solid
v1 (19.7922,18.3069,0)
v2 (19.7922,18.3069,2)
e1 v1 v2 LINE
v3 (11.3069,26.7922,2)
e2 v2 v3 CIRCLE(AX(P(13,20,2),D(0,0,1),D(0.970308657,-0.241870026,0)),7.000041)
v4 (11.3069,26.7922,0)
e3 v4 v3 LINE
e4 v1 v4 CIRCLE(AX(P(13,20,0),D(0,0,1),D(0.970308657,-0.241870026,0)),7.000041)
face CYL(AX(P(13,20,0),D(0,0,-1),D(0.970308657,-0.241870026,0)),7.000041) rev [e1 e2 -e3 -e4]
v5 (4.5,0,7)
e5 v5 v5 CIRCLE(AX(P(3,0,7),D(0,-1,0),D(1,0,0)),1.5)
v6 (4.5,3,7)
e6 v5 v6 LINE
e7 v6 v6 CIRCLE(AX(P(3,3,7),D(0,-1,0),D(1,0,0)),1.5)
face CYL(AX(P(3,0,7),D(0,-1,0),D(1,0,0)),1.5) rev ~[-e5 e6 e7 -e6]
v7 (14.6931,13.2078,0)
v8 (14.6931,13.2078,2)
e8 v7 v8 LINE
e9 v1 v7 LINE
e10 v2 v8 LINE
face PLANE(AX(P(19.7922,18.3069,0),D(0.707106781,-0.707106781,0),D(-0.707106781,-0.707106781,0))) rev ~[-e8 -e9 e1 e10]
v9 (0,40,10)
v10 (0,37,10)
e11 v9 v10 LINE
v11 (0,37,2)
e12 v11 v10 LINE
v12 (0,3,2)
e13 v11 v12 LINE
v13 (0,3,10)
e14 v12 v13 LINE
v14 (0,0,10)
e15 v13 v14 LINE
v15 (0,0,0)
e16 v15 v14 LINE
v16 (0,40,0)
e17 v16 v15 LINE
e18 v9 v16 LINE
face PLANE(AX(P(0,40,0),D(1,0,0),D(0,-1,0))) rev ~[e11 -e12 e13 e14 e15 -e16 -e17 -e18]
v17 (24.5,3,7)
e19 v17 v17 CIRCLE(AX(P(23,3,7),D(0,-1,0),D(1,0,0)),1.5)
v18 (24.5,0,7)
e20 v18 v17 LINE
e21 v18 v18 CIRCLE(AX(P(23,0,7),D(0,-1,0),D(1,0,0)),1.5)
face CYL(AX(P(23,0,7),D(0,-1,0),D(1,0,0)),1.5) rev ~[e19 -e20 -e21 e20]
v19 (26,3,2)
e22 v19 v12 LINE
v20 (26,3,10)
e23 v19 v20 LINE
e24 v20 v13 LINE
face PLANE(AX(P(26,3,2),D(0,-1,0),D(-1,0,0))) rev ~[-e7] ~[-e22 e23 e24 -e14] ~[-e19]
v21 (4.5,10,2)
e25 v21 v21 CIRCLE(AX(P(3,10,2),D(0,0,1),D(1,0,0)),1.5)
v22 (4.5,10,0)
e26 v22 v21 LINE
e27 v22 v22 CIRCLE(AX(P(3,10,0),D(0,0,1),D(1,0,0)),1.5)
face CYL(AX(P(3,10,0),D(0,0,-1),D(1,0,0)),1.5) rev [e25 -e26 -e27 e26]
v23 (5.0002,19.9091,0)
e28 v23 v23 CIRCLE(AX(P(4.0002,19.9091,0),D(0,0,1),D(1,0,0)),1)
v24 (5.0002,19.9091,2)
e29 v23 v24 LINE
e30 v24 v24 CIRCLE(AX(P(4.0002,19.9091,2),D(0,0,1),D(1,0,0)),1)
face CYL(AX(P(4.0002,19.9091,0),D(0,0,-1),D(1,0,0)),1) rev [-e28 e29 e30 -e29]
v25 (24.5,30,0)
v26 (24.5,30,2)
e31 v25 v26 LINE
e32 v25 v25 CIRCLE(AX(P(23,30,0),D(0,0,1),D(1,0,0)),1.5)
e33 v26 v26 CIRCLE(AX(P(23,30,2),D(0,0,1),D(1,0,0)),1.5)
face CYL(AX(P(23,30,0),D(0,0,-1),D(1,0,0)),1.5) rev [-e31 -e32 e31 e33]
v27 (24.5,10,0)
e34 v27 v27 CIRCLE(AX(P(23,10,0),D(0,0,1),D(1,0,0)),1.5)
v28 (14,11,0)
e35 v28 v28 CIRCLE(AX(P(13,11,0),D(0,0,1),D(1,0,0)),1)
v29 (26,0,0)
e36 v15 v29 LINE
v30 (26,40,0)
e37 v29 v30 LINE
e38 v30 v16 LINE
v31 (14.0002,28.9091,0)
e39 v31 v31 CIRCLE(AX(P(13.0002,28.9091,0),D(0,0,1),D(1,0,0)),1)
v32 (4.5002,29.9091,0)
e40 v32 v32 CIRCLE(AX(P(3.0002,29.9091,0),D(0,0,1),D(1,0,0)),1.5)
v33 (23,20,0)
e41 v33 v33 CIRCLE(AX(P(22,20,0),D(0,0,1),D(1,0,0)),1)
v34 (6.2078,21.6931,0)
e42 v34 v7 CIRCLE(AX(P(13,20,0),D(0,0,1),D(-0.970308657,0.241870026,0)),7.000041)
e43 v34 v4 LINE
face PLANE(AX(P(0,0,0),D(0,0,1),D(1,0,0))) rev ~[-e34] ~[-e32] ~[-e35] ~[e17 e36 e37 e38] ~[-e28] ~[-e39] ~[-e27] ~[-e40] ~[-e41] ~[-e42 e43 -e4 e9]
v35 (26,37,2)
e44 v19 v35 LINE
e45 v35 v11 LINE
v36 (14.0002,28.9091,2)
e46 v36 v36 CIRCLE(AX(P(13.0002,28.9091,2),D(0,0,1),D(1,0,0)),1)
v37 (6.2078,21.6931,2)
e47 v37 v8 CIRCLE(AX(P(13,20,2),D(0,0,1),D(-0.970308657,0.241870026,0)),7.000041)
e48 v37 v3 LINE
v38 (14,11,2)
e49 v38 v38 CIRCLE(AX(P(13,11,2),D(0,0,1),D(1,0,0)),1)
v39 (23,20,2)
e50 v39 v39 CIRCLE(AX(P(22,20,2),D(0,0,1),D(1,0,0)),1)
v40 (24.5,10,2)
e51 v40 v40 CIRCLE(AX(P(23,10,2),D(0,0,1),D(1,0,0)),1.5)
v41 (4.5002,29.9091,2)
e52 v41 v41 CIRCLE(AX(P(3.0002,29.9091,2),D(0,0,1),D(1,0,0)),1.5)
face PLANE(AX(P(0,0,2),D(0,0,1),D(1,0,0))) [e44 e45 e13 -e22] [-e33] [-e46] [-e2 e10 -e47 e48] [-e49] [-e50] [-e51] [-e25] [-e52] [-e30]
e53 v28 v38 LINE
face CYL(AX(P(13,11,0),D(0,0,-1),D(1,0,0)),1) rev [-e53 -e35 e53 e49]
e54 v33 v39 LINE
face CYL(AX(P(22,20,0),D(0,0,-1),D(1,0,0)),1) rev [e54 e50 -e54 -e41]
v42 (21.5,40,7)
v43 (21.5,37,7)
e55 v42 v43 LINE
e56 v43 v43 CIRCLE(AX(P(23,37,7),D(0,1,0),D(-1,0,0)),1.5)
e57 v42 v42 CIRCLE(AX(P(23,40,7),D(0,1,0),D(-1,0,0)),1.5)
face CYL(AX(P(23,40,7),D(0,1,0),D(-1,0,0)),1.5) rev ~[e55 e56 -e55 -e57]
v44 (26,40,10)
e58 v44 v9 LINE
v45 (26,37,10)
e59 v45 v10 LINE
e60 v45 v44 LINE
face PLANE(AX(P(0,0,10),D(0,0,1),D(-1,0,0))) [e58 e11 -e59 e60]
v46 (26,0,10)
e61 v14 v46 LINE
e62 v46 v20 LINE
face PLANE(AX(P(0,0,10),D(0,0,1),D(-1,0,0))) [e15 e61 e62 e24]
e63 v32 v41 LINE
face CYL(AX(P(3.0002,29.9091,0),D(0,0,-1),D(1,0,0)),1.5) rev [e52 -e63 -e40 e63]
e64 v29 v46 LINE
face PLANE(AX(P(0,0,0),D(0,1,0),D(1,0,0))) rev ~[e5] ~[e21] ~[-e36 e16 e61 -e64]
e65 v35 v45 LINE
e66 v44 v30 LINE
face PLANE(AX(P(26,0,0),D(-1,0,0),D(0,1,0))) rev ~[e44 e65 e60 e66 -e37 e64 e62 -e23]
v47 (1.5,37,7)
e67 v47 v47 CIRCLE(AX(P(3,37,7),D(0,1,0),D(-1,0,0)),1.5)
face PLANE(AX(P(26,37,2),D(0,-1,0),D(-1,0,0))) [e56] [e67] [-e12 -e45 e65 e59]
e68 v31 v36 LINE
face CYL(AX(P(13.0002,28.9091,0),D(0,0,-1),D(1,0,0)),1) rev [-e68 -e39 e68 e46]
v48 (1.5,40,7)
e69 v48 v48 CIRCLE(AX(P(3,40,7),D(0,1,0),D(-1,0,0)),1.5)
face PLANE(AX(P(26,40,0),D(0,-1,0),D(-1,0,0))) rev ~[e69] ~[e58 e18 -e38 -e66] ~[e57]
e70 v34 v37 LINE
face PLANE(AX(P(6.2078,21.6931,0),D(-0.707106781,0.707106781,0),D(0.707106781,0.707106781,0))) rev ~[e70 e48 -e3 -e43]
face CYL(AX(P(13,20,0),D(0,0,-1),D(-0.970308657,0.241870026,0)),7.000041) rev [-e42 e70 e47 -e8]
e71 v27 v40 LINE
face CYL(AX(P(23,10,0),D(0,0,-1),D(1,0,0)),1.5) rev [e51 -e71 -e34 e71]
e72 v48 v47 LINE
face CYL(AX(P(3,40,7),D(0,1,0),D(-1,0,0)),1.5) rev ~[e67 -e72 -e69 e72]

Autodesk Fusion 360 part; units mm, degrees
sketch "Sketch1" plane through (0, 0, 0) normal (0, 0, 1) x (1, 0, 0)
  line L0 (0, 0) -> (26, 0)
  line L1 (26, 0) -> (26, 40)
  line L2 (26, 40) -> (0, 40)
  line L3 (0, 40) -> (0, 0)
  dimension "d1" = 26
  dimension "d2" = 40
sketch "Sketch2" plane through (0, 0, 0) normal (0, 0, 1) x (1, 0, 0)
  circle A0 centre (23, 10) radius 1.5
  circle A1 centre (3, 10) radius 1.5
  line L0 (26, 0) -> (26, 40)
  circle A2 centre (23, 30) radius 1.5
  circle A3 centre (3.0002, 29.9091) radius 1.5
  line L1 (26, 40) -> (0, 40)
  circle A4 centre (13.0002, 28.9091) radius 1
  circle A5 centre (4.0002, 19.9091) radius 1
  circle A6 centre (13, 11) radius 1
  circle A7 centre (22, 20) radius 1
  line L2 (6.2078, 21.6931) -> (11.3069, 26.7922)
  arc A8 (6.2078, 21.6931) -> (14.6931, 13.2078) centre (13, 20) ccw
  arc A9 (19.7922, 18.3069) -> (11.3069, 26.7922) centre (13, 20) ccw
  line L3 (19.7922, 18.3069) -> (14.6931, 13.2078)
  dimension "d3" = 3
  dimension "d4" = 3
  dimension "d5" = 3
  dimension "d6" = 20
  dimension "d7" = 3
  dimension "d8" = 3
  dimension "d9" = 20
  dimension "d10" = 3
  dimension "d11" = 20
  dimension "d12" = 10
  dimension "d14" = 10
  dimension "d15" = 1
  dimension "d16" = 2
  dimension "d17" = 2
  dimension "d18" = 2
  dimension "d19" = 10
  dimension "d20" = 1
  dimension "d21" = 10
  dimension "d22" = 1
  dimension "d24" = 10
  dimension "d25" = 1
extrude "Extrude1" add sketch "Sketch1" along normal blind 2
extrude "Extrude2" cut sketch "Sketch2" along normal blind 2
sketch "Sketch3" plane through (0, 0, 2) normal (0, 0, 1) x (-1, 0, 0)
  circle A0 centre (-13.0002, -28.9091) radius 1
  circle A1 centre (-23, -10) radius 1.5
  circle A2 centre (-3, -10) radius 1.5
  circle A3 centre (-3.0002, -29.9091) radius 1.5
  circle A4 centre (-23, -30) radius 1.5
  line L0 (-6.2078, -21.6931) -> (-11.3069, -26.7922)
  arc A5 (-19.7922, -18.3069) -> (-11.3069, -26.7922) centre (-13, -20) ccw
  line L1 (-19.7922, -18.3069) -> (-14.6931, -13.2078)
  arc A6 (-6.2078, -21.6931) -> (-14.6931, -13.2078) centre (-13, -20) ccw
  circle A7 centre (-13, -11) radius 1
  circle A8 centre (-4.0002, -19.9091) radius 1
  circle A9 centre (-22, -20) radius 1
  line L2 (0, -40) -> (0, 0)
  line L3 (0, 0) -> (-26, 0)
  line L4 (-26, 0) -> (-26, -40)
  line L5 (-26, -40) -> (0, -40)
  line L6 (0, 0) -> (-26, 0)
  line L7 (-26, 0) -> (-26, -3)
  line L8 (-26, -3) -> (0, -3)
  line L9 (0, -3) -> (0, 0)
  line L10 (0, -40) -> (-26, -40)
  line L11 (-26, -40) -> (-26, -37)
  line L12 (-26, -37) -> (0, -37)
  line L13 (0, -37) -> (0, -40)
extrude "Extrude3" add sketch "Sketch3" along normal blind 8 contours L2 L4 L5 L10 L11 L12 L13 | L2 L3 L4 L6 L7 L8 L9
sketch "Sketch4" plane through (0, 0, 0) normal (0, -1, 0) x (1, 0, 0)
  line L0 (0, 0) -> (26, 0)
  line L1 (26, 0) -> (26, 10)
  line L2 (26, 10) -> (0, 10)
  line L3 (0, 10) -> (0, 0)
  circle A0 centre (23, 7) radius 1.5
  circle A1 centre (3, 7) radius 1.5
  dimension "d41" = 3
  dimension "d42" = 3
  dimension "d43" = 3
  dimension "d44" = 3
  dimension "d45" = 20
extrude "Extrude4" cut sketch "Sketch4" against normal blind 3 contours A0 | A1
sketch "Sketch5" plane through (0, 40, 0) normal (0, 1, 0) x (-1, 0, 0)
  line L0 (-26, 0) -> (0, 0)
  line L1 (0, 0) -> (0, 10)
  line L2 (0, 10) -> (-26, 10)
  line L3 (-26, 10) -> (-26, 0)
  circle A0 centre (-3, 7) radius 1.5
  circle A1 centre (-23, 7) radius 1.5
  dimension "d48" = 3
  dimension "d49" = 3
  dimension "d50" = 20
  dimension "d51" = 3
  dimension "d52" = 3
  dimension "d53" = 3
extrude "Extrude5" cut sketch "Sketch5" against normal blind 3 contours A0 | A1
